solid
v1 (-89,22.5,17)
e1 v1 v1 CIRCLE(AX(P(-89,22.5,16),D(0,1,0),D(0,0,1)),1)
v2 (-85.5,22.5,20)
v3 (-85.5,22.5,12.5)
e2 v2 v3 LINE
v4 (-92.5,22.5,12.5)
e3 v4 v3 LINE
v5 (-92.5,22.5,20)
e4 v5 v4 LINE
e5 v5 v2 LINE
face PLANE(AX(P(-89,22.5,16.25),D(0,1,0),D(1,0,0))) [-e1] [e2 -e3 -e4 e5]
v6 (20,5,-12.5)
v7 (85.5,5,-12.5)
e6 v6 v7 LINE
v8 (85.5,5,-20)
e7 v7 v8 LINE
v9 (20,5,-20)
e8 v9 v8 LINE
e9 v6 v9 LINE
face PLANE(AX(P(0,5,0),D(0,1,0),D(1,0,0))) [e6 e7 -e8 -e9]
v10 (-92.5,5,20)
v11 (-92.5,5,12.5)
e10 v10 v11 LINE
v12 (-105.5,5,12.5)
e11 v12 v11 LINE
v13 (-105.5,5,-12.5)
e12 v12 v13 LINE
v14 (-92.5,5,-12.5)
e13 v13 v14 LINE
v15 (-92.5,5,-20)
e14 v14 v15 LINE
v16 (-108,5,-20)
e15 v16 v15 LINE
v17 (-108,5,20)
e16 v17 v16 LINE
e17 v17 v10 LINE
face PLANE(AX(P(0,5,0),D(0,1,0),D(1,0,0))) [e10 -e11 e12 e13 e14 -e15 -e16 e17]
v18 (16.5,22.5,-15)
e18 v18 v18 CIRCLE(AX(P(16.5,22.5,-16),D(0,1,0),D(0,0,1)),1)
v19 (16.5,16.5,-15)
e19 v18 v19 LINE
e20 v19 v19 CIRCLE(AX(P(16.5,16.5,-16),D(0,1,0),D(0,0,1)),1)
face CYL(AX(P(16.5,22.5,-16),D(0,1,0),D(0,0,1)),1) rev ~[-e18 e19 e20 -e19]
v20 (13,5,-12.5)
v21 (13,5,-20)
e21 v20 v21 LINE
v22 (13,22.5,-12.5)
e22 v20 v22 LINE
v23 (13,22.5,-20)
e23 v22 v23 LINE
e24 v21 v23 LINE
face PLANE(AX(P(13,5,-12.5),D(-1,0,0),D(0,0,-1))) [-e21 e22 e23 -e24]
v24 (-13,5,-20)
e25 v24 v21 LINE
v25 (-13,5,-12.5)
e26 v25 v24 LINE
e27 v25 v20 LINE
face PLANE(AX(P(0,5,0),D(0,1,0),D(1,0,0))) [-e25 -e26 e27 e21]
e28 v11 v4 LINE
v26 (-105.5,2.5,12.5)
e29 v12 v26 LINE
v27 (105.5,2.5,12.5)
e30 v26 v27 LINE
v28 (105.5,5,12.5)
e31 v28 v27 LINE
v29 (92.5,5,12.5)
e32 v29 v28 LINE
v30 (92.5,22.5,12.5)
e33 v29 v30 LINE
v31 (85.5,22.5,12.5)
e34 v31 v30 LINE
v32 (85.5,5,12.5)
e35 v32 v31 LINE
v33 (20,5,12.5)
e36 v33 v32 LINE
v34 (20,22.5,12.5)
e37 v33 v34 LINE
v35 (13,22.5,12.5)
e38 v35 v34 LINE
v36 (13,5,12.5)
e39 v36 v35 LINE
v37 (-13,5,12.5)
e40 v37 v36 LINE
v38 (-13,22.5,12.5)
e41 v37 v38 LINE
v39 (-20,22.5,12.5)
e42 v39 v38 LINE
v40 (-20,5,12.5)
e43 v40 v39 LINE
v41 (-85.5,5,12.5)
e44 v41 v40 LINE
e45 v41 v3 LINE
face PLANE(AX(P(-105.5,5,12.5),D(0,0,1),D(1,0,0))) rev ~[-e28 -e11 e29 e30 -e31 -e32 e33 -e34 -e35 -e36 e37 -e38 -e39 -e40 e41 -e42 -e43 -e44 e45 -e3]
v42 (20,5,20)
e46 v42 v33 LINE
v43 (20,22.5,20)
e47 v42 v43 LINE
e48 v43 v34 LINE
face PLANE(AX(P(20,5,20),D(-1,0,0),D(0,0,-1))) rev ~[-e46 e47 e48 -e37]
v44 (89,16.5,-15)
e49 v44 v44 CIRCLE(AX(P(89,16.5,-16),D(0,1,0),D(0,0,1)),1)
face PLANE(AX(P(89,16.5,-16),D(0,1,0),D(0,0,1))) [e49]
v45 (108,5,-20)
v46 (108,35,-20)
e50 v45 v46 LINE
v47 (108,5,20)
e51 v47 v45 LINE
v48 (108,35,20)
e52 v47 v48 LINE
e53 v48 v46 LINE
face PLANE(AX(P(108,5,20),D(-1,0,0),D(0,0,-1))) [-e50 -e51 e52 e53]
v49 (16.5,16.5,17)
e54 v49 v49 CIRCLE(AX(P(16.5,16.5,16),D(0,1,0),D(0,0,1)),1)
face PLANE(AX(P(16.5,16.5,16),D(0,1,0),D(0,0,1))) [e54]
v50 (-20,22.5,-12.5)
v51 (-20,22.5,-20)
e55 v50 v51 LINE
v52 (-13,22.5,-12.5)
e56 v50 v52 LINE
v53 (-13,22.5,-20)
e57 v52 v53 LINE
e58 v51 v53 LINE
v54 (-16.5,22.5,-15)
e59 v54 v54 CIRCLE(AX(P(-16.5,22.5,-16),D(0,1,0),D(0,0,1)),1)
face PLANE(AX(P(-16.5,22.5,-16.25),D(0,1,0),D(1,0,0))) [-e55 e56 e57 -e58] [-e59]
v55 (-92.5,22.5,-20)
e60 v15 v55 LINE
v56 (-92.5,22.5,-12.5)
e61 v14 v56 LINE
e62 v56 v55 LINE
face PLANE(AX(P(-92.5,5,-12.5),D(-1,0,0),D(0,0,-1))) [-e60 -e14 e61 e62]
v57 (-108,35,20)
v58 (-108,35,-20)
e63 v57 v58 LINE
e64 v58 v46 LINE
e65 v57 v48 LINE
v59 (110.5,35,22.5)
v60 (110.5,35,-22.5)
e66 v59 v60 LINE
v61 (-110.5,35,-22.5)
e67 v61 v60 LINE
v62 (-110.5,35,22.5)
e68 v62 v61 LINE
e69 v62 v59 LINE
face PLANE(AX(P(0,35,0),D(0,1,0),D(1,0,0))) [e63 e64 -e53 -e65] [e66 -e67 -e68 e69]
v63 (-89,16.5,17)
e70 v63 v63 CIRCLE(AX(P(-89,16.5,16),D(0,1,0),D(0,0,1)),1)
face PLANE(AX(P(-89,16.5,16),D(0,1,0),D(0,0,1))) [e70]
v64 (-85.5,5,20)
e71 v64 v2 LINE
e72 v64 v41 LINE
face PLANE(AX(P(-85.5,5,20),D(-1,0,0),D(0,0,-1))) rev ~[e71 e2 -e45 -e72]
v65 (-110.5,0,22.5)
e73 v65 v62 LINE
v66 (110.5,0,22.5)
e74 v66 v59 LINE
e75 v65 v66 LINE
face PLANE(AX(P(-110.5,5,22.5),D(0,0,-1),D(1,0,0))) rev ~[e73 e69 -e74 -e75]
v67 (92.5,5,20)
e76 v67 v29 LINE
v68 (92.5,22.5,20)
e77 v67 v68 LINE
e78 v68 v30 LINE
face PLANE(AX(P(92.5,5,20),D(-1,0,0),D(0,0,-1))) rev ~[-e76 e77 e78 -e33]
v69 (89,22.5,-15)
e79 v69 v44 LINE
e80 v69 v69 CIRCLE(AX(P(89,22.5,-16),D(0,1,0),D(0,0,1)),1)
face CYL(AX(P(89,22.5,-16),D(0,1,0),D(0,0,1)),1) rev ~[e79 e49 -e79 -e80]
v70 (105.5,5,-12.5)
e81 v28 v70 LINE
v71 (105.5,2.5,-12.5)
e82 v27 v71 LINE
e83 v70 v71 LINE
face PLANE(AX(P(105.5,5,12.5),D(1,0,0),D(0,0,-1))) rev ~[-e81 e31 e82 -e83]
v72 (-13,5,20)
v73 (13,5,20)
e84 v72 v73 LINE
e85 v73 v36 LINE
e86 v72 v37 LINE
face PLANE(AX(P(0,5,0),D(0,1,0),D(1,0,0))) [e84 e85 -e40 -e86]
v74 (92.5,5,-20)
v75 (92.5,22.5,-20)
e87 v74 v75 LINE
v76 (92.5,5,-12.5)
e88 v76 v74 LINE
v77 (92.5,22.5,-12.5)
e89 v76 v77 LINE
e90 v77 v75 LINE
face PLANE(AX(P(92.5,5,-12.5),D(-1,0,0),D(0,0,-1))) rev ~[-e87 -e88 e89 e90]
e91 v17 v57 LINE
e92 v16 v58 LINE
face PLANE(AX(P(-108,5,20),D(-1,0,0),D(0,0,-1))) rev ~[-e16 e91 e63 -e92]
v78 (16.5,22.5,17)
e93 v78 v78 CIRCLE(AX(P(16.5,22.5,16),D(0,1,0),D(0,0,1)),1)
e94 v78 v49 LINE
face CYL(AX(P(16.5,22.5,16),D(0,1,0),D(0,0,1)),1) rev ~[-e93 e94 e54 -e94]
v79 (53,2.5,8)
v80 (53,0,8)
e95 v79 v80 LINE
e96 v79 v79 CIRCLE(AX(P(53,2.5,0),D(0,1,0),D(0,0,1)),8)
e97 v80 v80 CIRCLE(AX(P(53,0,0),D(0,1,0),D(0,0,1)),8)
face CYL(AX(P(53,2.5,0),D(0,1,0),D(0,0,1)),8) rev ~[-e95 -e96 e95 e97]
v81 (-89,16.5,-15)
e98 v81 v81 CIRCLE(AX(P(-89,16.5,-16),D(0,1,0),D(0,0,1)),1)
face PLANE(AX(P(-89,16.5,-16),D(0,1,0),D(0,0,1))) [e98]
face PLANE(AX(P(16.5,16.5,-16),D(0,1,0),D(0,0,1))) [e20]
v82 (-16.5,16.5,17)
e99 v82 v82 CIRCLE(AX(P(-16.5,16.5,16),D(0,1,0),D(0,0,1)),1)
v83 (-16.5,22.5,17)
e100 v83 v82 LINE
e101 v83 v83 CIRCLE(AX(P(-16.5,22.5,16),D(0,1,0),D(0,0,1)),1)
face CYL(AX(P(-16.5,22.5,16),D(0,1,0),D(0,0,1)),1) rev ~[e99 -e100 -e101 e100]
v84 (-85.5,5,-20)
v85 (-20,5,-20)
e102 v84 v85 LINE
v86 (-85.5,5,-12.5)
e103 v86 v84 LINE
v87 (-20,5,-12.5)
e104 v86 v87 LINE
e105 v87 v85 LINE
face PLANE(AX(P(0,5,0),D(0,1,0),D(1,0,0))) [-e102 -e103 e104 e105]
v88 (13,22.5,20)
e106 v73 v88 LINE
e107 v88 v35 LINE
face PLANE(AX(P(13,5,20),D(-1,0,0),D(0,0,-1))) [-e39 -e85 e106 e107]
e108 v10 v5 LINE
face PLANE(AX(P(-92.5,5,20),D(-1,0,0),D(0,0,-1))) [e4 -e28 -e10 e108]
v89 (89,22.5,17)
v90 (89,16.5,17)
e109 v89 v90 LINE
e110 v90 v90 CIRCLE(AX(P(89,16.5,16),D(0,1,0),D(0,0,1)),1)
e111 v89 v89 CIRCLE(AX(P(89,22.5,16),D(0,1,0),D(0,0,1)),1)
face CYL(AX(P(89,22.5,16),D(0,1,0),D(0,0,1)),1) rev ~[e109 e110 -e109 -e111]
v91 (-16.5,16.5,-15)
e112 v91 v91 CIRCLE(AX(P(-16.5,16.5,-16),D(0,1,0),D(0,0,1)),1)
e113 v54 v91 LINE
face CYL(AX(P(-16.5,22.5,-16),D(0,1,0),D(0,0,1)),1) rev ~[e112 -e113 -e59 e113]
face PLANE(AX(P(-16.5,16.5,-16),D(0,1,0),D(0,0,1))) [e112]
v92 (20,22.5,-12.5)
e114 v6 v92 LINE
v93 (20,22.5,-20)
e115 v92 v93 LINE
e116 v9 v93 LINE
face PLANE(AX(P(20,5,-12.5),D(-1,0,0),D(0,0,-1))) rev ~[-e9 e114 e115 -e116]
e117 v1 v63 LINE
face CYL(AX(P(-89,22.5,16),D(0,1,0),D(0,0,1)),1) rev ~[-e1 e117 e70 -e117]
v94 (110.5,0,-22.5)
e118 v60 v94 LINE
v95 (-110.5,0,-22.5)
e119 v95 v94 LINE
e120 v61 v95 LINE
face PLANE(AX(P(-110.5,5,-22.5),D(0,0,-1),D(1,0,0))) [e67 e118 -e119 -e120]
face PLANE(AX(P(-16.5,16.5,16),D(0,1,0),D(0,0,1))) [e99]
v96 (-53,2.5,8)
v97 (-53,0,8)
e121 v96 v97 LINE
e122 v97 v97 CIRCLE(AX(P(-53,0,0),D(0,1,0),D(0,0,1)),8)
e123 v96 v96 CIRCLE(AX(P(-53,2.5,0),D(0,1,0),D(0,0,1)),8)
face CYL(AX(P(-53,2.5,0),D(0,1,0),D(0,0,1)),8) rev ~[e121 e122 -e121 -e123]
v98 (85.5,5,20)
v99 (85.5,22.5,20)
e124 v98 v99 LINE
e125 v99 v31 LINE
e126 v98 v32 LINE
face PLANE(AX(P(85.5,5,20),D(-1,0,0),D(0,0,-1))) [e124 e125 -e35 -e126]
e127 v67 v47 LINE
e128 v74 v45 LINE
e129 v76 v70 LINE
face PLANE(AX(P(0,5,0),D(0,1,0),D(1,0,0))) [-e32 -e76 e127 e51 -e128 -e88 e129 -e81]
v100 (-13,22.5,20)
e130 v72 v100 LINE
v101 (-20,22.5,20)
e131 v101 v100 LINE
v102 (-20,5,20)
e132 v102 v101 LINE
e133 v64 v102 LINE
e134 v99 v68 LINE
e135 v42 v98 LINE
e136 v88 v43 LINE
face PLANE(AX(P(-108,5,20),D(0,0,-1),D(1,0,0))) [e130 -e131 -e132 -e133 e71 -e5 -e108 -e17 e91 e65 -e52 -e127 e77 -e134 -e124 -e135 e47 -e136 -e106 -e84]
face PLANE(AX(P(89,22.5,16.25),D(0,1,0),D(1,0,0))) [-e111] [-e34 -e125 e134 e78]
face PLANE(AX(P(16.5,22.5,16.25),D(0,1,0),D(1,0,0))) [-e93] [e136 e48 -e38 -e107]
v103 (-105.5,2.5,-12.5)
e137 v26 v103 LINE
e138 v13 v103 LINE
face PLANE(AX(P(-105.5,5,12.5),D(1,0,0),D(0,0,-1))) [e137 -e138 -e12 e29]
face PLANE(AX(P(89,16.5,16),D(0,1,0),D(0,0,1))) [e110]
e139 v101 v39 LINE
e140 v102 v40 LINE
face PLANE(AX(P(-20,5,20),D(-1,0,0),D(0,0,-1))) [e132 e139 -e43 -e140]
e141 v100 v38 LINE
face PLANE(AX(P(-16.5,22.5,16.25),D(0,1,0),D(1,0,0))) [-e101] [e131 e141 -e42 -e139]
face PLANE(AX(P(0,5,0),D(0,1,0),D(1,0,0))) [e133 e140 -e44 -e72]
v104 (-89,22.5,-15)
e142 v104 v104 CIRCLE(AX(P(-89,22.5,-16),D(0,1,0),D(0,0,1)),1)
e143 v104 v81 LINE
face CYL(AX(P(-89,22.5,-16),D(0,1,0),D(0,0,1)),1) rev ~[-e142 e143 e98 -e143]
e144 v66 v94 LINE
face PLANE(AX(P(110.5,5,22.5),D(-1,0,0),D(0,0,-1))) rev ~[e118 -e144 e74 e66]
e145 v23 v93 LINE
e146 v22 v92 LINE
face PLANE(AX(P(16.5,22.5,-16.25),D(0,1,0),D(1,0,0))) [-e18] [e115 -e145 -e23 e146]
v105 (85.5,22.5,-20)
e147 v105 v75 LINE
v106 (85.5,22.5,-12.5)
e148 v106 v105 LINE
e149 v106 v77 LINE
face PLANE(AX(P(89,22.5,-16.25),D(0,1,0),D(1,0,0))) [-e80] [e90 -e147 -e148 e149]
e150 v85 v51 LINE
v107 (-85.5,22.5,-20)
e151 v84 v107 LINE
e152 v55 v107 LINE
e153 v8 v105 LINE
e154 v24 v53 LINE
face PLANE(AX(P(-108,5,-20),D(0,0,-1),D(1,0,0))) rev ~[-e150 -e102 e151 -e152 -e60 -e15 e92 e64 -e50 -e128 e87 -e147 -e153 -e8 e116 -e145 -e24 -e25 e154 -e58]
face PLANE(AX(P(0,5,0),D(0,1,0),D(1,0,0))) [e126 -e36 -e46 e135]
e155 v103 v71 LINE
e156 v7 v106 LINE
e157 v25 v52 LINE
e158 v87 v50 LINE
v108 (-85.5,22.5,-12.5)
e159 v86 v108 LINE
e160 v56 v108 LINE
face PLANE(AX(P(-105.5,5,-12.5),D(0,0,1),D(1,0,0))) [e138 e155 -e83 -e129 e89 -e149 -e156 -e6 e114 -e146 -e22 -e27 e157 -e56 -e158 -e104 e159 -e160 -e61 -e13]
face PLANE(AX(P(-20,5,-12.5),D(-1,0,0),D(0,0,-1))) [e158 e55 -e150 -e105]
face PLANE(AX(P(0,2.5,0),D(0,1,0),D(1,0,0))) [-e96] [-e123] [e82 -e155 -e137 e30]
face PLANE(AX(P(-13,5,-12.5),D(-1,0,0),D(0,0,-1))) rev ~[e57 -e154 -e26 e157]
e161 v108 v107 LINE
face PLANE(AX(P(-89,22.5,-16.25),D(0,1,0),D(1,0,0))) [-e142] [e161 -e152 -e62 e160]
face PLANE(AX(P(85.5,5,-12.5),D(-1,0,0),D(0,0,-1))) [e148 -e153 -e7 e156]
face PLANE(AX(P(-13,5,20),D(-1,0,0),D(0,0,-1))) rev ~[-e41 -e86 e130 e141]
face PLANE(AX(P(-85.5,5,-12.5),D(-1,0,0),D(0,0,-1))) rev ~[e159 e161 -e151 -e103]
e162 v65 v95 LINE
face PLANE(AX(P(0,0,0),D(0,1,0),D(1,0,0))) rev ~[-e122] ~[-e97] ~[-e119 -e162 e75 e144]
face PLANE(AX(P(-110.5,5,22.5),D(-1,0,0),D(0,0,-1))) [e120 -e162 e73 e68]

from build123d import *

# Parameters (mm, degrees)
SKETCH1_W           = 221
SKETCH1_H           = 45
BOSS_EXTRUDE1_DEPTH = 5
SKETCH2_W           = 211
SKETCH2_H           = 25
CUT_EXTRUDE1_DEPTH  = 2.5
SKETCH3_R           = 8
CUT_EXTRUDE2_DEPTH  = 2.5
SKETCH6_W           = 221
SKETCH6_H           = 45
SKETCH6_W_2         = 216
SKETCH6_H_2         = 40
BOSS_EXTRUDE3_DEPTH = 30
SKETCH7_W           = 7
SKETCH7_H           = 7.5
BOSS_EXTRUDE4_DEPTH = 17.5
SKETCH9_R           = 1
CUT_EXTRUDE3_DEPTH  = 6


with BuildPart() as part:
    # Sketch1 → Boss-Extrude1 (new body)
    with BuildSketch(Plane(origin=(0, 0, 0), x_dir=(1, 0, 0), z_dir=(0, 1, 0))):
        Rectangle(SKETCH1_W, SKETCH1_H)
    extrude(amount=BOSS_EXTRUDE1_DEPTH)

    # Sketch2 → Cut-Extrude1 (cut)
    with BuildSketch(Plane(origin=(0, 5, 0), x_dir=(1, 0, 0), z_dir=(0, 1, 0))):
        Rectangle(SKETCH2_W, SKETCH2_H)
    extrude(amount=-CUT_EXTRUDE1_DEPTH, mode=Mode.SUBTRACT)

    # Sketch3 → Cut-Extrude2 (cut)
    with BuildSketch(Plane(origin=(0, 2.5, 0), x_dir=(1, 0, 0), z_dir=(0, 1, 0))):
        with Locations(Location((-53, 0, 0), (0, 0, 270))):
            Circle(SKETCH3_R)
        with Locations(Location((53, 0, 0), (0, 0, 270))):
            Circle(SKETCH3_R)
    extrude(amount=-CUT_EXTRUDE2_DEPTH, mode=Mode.SUBTRACT)

    # Sketch6 → Boss-Extrude3 (add)
    with BuildSketch(Plane(origin=(0, 5, 0), x_dir=(1, 0, 0), z_dir=(0, 1, 0))):
        Rectangle(SKETCH6_W, SKETCH6_H)
        Rectangle(SKETCH6_W_2, SKETCH6_H_2, mode=Mode.SUBTRACT)
    extrude(amount=BOSS_EXTRUDE3_DEPTH)

    # Sketch7 → Boss-Extrude4 (add)
    with BuildSketch(Plane(origin=(0, 5, 0), x_dir=(1, 0, 0), z_dir=(0, 1, 0))):
        with Locations((-89, 16.25)):
            Rectangle(SKETCH7_W, SKETCH7_H)
        with Locations((-89, -16.25)):
            Rectangle(SKETCH7_W, SKETCH7_H)
        with Locations((-16.5, 16.25)):
            Rectangle(SKETCH7_W, SKETCH7_H)
        with Locations((-16.5, -16.25)):
            Rectangle(SKETCH7_W, SKETCH7_H)
        with Locations((16.5, 16.25)):
            Rectangle(SKETCH7_W, SKETCH7_H)
        with Locations((16.5, -16.25)):
            Rectangle(SKETCH7_W, SKETCH7_H)
        with Locations((89, 16.25)):
            Rectangle(SKETCH7_W, SKETCH7_H)
        with Locations((89, -16.25)):
            Rectangle(SKETCH7_W, SKETCH7_H)
    extrude(amount=BOSS_EXTRUDE4_DEPTH)

    # Sketch9 → Cut-Extrude3 (cut)
    with BuildSketch(Plane(origin=(0, 22.5, 0), x_dir=(1, 0, 0), z_dir=(0, 1, 0))):
        with Locations(Location((-89, 16, 0), (0, 0, 270))):
            Circle(SKETCH9_R)
        with Locations(Location((-89, -16, 0), (0, 0, 270))):
            Circle(SKETCH9_R)
        with Locations(Location((-16.5, 16, 0), (0, 0, 270))):
            Circle(SKETCH9_R)
        with Locations(Location((-16.5, -16, 0), (0, 0, 270))):
            Circle(SKETCH9_R)
        with Locations(Location((16.5, 16, 0), (0, 0, 270))):
            Circle(SKETCH9_R)
        with Locations(Location((16.5, -16, 0), (0, 0, 270))):
            Circle(SKETCH9_R)
        with Locations(Location((89, 16, 0), (0, 0, 270))):
            Circle(SKETCH9_R)
        with Locations(Location((89, -16, 0), (0, 0, 270))):
            Circle(SKETCH9_R)
    extrude(amount=-CUT_EXTRUDE3_DEPTH, mode=Mode.SUBTRACT)


solid = part.part
